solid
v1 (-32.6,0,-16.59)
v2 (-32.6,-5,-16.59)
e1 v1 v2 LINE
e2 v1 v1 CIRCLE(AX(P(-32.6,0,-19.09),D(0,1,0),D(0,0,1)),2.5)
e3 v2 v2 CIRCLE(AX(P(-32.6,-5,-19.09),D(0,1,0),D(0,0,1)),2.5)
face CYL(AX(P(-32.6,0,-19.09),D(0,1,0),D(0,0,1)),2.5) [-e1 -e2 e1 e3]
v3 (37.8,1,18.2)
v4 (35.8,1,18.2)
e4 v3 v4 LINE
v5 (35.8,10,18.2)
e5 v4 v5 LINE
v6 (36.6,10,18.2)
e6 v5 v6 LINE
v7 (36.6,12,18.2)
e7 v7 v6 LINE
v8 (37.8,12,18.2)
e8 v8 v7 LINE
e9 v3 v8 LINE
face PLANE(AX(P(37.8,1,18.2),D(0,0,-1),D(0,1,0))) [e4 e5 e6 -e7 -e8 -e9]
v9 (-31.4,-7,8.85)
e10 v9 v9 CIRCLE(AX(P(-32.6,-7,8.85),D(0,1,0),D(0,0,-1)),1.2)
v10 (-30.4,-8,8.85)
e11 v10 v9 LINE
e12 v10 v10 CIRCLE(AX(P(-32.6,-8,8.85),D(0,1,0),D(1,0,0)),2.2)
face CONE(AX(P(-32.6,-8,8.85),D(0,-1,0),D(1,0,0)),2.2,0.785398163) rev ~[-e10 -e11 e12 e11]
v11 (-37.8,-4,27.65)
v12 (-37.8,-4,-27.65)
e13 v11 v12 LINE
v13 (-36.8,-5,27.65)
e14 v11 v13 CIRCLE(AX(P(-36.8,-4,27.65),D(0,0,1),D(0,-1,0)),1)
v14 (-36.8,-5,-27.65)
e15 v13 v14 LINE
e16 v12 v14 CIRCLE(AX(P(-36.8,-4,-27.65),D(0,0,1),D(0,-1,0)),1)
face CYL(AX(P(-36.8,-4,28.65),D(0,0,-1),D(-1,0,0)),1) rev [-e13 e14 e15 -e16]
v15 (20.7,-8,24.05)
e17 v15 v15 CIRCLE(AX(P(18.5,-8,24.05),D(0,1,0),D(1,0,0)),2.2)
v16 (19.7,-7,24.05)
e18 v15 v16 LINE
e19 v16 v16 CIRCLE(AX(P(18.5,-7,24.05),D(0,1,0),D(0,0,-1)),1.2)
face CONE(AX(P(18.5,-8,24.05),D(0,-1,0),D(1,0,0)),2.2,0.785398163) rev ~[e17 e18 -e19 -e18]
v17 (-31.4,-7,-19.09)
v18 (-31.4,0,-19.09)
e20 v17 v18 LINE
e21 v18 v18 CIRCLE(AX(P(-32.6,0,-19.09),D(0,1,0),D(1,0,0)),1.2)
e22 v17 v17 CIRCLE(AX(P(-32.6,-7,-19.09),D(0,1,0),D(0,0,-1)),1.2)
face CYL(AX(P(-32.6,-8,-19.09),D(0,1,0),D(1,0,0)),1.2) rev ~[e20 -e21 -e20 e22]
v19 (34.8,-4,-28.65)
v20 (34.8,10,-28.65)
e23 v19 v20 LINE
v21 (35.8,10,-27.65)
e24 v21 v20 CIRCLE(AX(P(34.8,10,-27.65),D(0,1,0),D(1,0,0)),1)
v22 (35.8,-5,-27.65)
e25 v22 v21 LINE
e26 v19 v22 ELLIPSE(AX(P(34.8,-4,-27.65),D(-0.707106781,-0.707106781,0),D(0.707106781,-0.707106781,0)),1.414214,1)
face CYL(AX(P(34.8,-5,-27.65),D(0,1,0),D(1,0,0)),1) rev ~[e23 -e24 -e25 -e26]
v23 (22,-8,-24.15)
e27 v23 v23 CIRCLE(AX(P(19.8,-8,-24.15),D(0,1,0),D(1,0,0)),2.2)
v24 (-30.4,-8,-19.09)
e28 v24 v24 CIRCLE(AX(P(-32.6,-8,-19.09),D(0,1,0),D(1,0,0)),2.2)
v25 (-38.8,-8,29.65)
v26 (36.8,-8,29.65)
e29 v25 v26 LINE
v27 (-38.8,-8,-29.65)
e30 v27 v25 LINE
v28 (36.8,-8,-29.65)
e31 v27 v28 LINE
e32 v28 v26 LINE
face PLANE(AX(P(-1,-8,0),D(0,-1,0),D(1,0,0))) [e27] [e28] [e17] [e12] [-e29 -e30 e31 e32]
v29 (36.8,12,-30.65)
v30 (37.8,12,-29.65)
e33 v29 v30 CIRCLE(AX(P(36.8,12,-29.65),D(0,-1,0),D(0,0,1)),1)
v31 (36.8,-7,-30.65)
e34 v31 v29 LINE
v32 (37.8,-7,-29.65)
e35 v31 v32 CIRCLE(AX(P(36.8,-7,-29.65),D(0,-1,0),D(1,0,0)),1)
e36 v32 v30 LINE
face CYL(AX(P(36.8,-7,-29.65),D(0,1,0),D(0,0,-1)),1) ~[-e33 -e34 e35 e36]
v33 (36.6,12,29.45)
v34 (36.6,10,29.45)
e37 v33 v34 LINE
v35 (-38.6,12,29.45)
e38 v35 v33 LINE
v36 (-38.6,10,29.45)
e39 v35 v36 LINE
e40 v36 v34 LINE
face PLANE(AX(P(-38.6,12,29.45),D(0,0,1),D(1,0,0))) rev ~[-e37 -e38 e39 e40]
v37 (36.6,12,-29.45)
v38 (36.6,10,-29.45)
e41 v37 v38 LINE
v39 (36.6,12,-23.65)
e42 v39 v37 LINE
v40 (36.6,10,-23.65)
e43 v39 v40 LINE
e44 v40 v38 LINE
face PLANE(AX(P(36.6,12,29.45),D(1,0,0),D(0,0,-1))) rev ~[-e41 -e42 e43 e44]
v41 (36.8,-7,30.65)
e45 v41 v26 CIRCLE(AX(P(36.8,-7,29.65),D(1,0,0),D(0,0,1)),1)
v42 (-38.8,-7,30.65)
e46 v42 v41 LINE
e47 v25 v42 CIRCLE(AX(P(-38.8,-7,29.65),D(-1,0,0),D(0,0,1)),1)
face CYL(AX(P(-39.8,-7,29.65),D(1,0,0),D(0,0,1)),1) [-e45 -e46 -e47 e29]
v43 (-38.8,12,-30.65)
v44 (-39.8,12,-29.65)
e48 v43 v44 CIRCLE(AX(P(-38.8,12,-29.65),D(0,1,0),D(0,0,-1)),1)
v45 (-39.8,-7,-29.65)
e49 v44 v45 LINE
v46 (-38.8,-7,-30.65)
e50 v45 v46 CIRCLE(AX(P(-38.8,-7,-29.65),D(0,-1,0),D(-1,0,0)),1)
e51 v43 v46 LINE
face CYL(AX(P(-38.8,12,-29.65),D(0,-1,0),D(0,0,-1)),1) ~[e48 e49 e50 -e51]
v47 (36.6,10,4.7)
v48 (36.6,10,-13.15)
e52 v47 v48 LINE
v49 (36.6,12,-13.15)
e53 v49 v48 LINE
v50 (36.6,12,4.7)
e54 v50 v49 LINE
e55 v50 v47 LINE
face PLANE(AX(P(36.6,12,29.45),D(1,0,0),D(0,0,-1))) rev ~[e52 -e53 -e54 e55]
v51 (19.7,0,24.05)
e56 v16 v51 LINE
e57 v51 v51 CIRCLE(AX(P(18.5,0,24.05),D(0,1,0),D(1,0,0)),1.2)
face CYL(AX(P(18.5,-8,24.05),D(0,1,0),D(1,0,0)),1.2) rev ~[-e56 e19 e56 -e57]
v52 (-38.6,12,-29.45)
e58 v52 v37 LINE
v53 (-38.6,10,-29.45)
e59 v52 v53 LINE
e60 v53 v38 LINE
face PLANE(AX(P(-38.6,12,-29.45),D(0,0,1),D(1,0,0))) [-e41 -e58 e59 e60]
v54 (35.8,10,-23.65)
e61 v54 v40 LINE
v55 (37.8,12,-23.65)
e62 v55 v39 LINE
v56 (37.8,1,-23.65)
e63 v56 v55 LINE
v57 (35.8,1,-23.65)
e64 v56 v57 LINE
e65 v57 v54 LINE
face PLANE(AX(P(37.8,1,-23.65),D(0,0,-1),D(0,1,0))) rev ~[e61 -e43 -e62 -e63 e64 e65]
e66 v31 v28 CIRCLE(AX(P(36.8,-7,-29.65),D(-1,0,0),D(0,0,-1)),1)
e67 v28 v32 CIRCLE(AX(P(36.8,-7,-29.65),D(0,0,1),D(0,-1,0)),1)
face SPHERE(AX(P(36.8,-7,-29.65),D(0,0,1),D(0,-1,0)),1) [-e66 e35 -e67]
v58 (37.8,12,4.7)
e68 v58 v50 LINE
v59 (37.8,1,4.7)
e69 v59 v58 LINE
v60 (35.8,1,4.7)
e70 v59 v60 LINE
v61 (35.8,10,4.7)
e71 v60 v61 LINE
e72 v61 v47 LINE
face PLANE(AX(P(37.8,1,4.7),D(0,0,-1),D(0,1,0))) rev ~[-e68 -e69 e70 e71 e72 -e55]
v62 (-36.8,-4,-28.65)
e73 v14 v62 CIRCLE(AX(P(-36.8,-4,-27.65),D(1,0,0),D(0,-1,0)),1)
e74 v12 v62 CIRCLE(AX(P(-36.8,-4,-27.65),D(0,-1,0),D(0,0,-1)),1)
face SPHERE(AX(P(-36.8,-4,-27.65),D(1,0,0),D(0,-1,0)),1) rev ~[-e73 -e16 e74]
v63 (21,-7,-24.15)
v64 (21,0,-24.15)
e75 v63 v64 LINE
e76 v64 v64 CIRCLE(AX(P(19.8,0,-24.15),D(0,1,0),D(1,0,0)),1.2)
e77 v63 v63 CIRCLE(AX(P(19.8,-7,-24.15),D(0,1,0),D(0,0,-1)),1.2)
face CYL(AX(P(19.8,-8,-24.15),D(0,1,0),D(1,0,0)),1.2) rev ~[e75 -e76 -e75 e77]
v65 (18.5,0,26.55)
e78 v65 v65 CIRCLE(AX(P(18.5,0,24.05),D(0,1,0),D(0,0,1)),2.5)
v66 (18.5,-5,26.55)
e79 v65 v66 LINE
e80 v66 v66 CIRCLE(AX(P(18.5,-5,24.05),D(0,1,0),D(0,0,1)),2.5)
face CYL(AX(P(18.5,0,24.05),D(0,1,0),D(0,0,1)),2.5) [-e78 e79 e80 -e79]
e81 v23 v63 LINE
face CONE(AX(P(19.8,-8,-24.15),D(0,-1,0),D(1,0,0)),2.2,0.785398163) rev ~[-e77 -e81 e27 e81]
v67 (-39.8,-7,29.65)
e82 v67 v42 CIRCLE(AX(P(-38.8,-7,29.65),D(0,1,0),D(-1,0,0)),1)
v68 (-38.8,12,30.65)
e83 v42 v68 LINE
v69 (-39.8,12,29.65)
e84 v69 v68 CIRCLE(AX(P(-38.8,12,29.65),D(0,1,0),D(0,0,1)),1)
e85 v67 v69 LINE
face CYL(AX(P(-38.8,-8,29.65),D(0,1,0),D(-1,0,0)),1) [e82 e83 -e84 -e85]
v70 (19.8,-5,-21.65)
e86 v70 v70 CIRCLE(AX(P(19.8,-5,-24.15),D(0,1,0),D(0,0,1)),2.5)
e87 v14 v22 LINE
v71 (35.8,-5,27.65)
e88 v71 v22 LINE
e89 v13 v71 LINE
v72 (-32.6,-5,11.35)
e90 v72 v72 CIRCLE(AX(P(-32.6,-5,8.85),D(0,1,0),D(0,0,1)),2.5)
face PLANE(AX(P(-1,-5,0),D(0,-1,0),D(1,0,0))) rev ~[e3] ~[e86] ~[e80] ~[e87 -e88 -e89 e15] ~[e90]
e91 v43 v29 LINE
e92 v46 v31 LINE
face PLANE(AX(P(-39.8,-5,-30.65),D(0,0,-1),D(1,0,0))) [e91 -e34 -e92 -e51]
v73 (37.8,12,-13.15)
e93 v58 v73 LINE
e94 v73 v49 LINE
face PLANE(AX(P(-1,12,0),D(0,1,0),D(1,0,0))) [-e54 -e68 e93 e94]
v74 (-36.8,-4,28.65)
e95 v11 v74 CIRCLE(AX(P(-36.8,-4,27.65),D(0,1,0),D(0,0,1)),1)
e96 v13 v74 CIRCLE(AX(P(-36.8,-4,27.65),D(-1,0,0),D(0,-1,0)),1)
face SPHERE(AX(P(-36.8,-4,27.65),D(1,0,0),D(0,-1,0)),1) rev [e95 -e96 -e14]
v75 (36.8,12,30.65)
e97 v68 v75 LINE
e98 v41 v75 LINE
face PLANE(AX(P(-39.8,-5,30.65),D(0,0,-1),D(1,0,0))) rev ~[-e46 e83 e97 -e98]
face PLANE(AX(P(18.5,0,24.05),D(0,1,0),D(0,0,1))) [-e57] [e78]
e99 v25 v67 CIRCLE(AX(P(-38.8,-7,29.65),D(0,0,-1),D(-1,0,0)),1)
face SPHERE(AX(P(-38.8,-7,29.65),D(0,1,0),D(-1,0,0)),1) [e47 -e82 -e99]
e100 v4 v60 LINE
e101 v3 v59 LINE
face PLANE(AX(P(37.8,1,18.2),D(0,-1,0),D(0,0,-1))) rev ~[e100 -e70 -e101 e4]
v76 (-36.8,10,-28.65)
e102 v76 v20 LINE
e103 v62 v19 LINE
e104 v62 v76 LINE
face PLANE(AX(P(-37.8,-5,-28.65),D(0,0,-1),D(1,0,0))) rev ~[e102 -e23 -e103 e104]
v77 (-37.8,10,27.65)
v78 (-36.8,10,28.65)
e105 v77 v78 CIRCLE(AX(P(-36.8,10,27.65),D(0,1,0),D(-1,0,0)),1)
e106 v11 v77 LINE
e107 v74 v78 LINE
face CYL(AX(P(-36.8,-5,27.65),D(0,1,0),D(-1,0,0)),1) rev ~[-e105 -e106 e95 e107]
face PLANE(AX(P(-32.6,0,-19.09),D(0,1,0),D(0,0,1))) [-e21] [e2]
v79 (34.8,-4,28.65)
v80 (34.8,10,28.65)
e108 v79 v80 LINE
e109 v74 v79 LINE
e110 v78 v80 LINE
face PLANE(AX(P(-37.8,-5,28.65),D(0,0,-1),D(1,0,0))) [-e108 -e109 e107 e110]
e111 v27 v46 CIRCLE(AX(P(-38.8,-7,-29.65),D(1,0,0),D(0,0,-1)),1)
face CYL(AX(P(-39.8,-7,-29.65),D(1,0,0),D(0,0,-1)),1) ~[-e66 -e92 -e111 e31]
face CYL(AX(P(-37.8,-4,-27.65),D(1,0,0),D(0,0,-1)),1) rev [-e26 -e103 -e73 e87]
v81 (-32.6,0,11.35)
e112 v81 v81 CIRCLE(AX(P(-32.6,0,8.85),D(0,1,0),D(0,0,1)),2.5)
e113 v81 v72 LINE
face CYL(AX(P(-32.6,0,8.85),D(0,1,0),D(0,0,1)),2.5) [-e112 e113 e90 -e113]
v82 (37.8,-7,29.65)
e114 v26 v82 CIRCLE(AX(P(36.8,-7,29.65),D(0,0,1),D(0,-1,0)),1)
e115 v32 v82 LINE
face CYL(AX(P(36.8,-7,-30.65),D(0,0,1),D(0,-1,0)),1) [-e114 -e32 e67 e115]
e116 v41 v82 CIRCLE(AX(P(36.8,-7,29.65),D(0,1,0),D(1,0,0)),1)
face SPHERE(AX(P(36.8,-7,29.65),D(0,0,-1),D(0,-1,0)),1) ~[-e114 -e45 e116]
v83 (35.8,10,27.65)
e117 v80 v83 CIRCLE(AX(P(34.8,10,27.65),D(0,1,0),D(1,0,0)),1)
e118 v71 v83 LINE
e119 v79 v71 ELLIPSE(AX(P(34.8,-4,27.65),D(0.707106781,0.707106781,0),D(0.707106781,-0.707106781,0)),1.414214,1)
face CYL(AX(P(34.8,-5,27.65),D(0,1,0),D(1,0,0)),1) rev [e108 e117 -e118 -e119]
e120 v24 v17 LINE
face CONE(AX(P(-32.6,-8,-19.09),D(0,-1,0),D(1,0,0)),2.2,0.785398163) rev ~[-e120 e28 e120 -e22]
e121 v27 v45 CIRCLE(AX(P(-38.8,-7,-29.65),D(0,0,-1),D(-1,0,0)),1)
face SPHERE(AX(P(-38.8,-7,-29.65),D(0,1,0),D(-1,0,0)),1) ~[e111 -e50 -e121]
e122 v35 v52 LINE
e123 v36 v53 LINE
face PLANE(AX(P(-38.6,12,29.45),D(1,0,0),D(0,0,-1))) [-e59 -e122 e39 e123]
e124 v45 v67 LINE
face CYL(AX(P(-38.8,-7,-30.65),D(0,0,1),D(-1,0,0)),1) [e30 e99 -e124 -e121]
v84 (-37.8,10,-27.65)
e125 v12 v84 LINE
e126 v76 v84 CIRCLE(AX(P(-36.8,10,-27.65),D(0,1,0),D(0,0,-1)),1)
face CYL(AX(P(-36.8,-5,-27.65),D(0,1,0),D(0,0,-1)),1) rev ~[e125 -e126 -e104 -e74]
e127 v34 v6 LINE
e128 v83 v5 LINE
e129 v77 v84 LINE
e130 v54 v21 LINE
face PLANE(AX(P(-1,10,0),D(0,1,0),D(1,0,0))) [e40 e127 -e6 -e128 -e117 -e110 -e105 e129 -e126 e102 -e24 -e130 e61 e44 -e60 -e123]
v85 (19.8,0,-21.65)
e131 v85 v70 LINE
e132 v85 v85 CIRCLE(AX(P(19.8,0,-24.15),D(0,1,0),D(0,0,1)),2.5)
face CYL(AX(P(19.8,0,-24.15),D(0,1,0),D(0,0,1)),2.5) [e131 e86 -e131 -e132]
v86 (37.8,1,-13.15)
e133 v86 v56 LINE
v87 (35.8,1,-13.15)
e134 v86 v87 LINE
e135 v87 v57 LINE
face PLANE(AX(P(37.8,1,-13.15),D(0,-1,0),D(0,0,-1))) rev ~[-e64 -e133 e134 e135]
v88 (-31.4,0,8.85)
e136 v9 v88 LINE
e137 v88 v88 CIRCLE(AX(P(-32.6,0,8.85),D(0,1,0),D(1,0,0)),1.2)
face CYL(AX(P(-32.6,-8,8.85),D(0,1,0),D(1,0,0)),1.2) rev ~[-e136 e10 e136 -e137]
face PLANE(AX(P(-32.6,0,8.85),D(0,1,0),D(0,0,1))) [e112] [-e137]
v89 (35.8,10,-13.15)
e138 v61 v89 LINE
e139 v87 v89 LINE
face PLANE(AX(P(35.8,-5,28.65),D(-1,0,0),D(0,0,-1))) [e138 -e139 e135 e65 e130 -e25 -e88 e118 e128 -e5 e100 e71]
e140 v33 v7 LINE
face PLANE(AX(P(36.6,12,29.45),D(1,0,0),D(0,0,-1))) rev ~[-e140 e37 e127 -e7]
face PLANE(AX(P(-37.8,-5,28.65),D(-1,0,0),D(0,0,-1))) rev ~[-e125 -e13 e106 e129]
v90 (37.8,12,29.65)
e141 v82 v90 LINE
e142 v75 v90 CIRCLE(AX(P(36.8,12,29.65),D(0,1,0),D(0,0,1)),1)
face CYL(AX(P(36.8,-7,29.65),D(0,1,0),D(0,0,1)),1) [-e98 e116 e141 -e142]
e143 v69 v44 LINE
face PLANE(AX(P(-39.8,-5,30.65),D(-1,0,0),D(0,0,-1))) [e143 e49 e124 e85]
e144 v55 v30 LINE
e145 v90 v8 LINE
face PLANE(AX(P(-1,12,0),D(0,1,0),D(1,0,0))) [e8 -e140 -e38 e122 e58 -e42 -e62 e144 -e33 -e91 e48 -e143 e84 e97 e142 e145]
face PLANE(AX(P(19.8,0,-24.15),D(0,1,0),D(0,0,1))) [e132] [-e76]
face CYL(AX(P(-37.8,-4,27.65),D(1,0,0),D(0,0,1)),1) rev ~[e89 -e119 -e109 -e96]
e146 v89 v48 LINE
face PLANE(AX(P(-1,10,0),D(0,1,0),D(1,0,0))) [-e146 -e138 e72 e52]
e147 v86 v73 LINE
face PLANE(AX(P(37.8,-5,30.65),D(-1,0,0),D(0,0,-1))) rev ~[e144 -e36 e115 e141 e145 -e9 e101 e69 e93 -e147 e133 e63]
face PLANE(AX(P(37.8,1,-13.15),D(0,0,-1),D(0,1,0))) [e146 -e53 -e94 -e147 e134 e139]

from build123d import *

# Parameters (mm, degrees)
SKETCH1_R                                       = 2.5
BOSS_EXTRUDE1_DEPTH                             = 5
BOSS_EXTRUDE1_2_DEPTH                           = 5
BOSS_EXTRUDE1_3_DEPTH                           = 5
BOSS_EXTRUDE1_4_DEPTH                           = 5
SKETCH3_W                                       = 77.6
SKETCH3_H                                       = 61.3
BOSS_EXTRUDE2_DEPTH                             = 3
SKETCH4_W                                       = 77.6
SKETCH4_H                                       = 61.3
SKETCH4_W_2                                     = 73.6
SKETCH4_H_2                                     = 57.3
BOSS_EXTRUDE3_DEPTH                             = 17
CUT_EXTRUDE2_REACH                              = 86.292
SKETCH5_W                                       = 13.5
SKETCH5_H                                       = 11
SKETCH5_W_2                                     = 10.5
FILLET1_R                                       = 1
FILLET2_R                                       = 1
SKETCH7_W                                       = 75.2
SKETCH7_H                                       = 58.9
CUT_EXTRUDE3_DEPTH                              = 2
SKETCH2_R                                       = 1
CUT_EXTRUDE1_DEPTH                              = 52.647482998
CSK_FOR_M2_FLAT_HEAD_MACHINE_SCREW1_D           = 2.4
CSK_FOR_M2_FLAT_HEAD_MACHINE_SCREW1_CSINK_D     = 4.4
CSK_FOR_M2_FLAT_HEAD_MACHINE_SCREW1_CSINK_ANGLE = 90


with BuildPart() as part:
    # Sketch1 → Boss-Extrude1 (new body)
    with BuildSketch(Plane(origin=(0, 0, 0), x_dir=(1, 0, 0), z_dir=(0, 1, 0))):
        with Locations(Location((-32.6, 19.09, 0), (0, 0, 270))):
            Circle(SKETCH1_R)
    extrude(amount=-BOSS_EXTRUDE1_DEPTH)



with BuildPart() as body_2:
    # Sketch1 → Boss-Extrude1 2 (new body)
    with BuildSketch(Plane(origin=(0, 0, 0), x_dir=(1, 0, 0), z_dir=(0, 1, 0))):
        with Locations(Location((-32.6, -8.85, 0), (0, 0, 270))):
            Circle(SKETCH1_R)
    extrude(amount=-BOSS_EXTRUDE1_2_DEPTH)


with BuildPart() as body_3:
    # Sketch1 → Boss-Extrude1 3 (new body)
    with BuildSketch(Plane(origin=(0, 0, 0), x_dir=(1, 0, 0), z_dir=(0, 1, 0))):
        with Locations(Location((19.8, 24.15, 0), (0, 0, 270))):
            Circle(SKETCH1_R)
    extrude(amount=-BOSS_EXTRUDE1_3_DEPTH)


with BuildPart() as body_4:
    # Sketch1 → Boss-Extrude1 4 (new body)
    with BuildSketch(Plane(origin=(0, 0, 0), x_dir=(1, 0, 0), z_dir=(0, 1, 0))):
        with Locations(Location((18.5, -24.05, 0), (0, 0, 270))):
            Circle(SKETCH1_R)
    extrude(amount=-BOSS_EXTRUDE1_4_DEPTH)


with BuildPart() as part_1:
    add(part.part)

    add(body_2.part)  # Boss-Extrude2 merges body 2

    add(body_3.part)  # Boss-Extrude2 merges body 3

    add(body_4.part)  # Boss-Extrude2 merges body 4
    # Sketch3 → Boss-Extrude2 (add)
    with BuildSketch(Plane.XZ.offset(5)):
        with Locations((-1, 0)):
            Rectangle(SKETCH3_W, SKETCH3_H)
    extrude(amount=BOSS_EXTRUDE2_DEPTH)

    # Sketch4 → Boss-Extrude3 (add)
    with BuildSketch(Plane(origin=(0, -5, 0), x_dir=(1, 0, 0), z_dir=(0, 1, 0))):
        with Locations((-1, 0)):
            Rectangle(SKETCH4_W, SKETCH4_H)
        with Locations((-1, 0)):
            Rectangle(SKETCH4_W_2, SKETCH4_H_2, mode=Mode.SUBTRACT)
    extrude(amount=BOSS_EXTRUDE3_DEPTH)

    # Sketch5 → Cut-Extrude2 (cut, up to next)
    with BuildSketch(Plane(origin=(37.8, 0, 0), x_dir=(0, 0, -1), z_dir=(1, 0, 0)), mode=Mode.PRIVATE) as cut_extrude2_sk1:
        with Locations((-11.45, 6.5)):
            Rectangle(SKETCH5_W, SKETCH5_H)
    cut_extrude2_tool1 = extrude(cut_extrude2_sk1.sketch, amount=-CUT_EXTRUDE2_REACH, mode=Mode.PRIVATE) & part_1.part
    # Sketch5 → Cut-Extrude2 (cut, up to next)
    with BuildSketch(Plane(origin=(37.8, 0, 0), x_dir=(0, 0, -1), z_dir=(1, 0, 0)), mode=Mode.PRIVATE) as cut_extrude2_sk2:
        with Locations((18.4, 6.5)):
            Rectangle(SKETCH5_W_2, SKETCH5_H)
    cut_extrude2_tool2 = extrude(cut_extrude2_sk2.sketch, amount=-CUT_EXTRUDE2_REACH, mode=Mode.PRIVATE) & part_1.part
    add(cut_extrude2_tool1.solids().sort_by_distance((37.8, 6.5, 11.45))[0], mode=Mode.SUBTRACT)
    add(cut_extrude2_tool2.solids().sort_by_distance((37.8, 6.5, -18.4))[0], mode=Mode.SUBTRACT)

    # Fillet1
    fillet1_edges = [part_1.edges().sort_by_distance(p)[0] for p in [
        (-1, -5, 28.65),
        (-1, -5, -28.65),
        (-37.8, -5, 0),
        (35.8, 3.5, -28.65),
        (-37.8, 3.5, -28.65),
        (-37.8, 3.5, 28.65),
        (35.8, 3.5, 28.65),
        (37.8, -8, 0),
    ]]
    fillet(fillet1_edges, radius=FILLET1_R)

    # Fillet2
    fillet2_edges = [part_1.edges().sort_by_distance(p)[0] for p in [
        (-39.8, 2, 30.65),
        (-39.8, 2, -30.65),
        (-39.8, -8, 0),
        (-1.5, -8, -30.65),
        (-1.5, -8, 30.65),
        (37.8, 2.5, 30.65),
        (37.507106781, -7.707106781, 30.65),
        (37.8, 2.5, -30.65),
        (37.507106781, -7.707106781, -30.65),
    ]]
    fillet(fillet2_edges, radius=FILLET2_R)

    # Sketch7 → Cut-Extrude3 (cut)
    with BuildSketch(Plane(origin=(0, 12, 0), x_dir=(1, 0, 0), z_dir=(0, 1, 0))):
        with Locations((-1, 0)):
            Rectangle(SKETCH7_W, SKETCH7_H)
    extrude(amount=-CUT_EXTRUDE3_DEPTH, mode=Mode.SUBTRACT)

    # Sketch2 → Cut-Extrude1 (cut, through all)
    with BuildSketch(Plane(origin=(0, 0, 0), x_dir=(1, 0, 0), z_dir=(0, 1, 0))):
        with Locations(Location((-32.6, -8.85, 0), (0, 0, 270))):
            Circle(SKETCH2_R)
        with Locations(Location((-32.6, 19.09, 0), (0, 0, 270))):
            Circle(SKETCH2_R)
        with Locations(Location((19.8, 24.15, 0), (0, 0, 270))):
            Circle(SKETCH2_R)
        with Locations(Location((18.5, -24.05, 0), (0, 0, 270))):
            Circle(SKETCH2_R)
    extrude(amount=-CUT_EXTRUDE1_DEPTH, mode=Mode.SUBTRACT)

    # CSK for M2 Flat Head Machine Screw1 (through all)
    with Locations(Plane(origin=(0, -8, 0), x_dir=(-1, 0, 0), z_dir=(0, -1, 0))):
        with Locations((32.6, 19.09), (32.6, -8.85), (-18.5, -24.05), (-19.8, 24.15)):
            CounterSinkHole(CSK_FOR_M2_FLAT_HEAD_MACHINE_SCREW1_D / 2, CSK_FOR_M2_FLAT_HEAD_MACHINE_SCREW1_CSINK_D / 2, counter_sink_angle=CSK_FOR_M2_FLAT_HEAD_MACHINE_SCREW1_CSINK_ANGLE)


solid = part_1.part
